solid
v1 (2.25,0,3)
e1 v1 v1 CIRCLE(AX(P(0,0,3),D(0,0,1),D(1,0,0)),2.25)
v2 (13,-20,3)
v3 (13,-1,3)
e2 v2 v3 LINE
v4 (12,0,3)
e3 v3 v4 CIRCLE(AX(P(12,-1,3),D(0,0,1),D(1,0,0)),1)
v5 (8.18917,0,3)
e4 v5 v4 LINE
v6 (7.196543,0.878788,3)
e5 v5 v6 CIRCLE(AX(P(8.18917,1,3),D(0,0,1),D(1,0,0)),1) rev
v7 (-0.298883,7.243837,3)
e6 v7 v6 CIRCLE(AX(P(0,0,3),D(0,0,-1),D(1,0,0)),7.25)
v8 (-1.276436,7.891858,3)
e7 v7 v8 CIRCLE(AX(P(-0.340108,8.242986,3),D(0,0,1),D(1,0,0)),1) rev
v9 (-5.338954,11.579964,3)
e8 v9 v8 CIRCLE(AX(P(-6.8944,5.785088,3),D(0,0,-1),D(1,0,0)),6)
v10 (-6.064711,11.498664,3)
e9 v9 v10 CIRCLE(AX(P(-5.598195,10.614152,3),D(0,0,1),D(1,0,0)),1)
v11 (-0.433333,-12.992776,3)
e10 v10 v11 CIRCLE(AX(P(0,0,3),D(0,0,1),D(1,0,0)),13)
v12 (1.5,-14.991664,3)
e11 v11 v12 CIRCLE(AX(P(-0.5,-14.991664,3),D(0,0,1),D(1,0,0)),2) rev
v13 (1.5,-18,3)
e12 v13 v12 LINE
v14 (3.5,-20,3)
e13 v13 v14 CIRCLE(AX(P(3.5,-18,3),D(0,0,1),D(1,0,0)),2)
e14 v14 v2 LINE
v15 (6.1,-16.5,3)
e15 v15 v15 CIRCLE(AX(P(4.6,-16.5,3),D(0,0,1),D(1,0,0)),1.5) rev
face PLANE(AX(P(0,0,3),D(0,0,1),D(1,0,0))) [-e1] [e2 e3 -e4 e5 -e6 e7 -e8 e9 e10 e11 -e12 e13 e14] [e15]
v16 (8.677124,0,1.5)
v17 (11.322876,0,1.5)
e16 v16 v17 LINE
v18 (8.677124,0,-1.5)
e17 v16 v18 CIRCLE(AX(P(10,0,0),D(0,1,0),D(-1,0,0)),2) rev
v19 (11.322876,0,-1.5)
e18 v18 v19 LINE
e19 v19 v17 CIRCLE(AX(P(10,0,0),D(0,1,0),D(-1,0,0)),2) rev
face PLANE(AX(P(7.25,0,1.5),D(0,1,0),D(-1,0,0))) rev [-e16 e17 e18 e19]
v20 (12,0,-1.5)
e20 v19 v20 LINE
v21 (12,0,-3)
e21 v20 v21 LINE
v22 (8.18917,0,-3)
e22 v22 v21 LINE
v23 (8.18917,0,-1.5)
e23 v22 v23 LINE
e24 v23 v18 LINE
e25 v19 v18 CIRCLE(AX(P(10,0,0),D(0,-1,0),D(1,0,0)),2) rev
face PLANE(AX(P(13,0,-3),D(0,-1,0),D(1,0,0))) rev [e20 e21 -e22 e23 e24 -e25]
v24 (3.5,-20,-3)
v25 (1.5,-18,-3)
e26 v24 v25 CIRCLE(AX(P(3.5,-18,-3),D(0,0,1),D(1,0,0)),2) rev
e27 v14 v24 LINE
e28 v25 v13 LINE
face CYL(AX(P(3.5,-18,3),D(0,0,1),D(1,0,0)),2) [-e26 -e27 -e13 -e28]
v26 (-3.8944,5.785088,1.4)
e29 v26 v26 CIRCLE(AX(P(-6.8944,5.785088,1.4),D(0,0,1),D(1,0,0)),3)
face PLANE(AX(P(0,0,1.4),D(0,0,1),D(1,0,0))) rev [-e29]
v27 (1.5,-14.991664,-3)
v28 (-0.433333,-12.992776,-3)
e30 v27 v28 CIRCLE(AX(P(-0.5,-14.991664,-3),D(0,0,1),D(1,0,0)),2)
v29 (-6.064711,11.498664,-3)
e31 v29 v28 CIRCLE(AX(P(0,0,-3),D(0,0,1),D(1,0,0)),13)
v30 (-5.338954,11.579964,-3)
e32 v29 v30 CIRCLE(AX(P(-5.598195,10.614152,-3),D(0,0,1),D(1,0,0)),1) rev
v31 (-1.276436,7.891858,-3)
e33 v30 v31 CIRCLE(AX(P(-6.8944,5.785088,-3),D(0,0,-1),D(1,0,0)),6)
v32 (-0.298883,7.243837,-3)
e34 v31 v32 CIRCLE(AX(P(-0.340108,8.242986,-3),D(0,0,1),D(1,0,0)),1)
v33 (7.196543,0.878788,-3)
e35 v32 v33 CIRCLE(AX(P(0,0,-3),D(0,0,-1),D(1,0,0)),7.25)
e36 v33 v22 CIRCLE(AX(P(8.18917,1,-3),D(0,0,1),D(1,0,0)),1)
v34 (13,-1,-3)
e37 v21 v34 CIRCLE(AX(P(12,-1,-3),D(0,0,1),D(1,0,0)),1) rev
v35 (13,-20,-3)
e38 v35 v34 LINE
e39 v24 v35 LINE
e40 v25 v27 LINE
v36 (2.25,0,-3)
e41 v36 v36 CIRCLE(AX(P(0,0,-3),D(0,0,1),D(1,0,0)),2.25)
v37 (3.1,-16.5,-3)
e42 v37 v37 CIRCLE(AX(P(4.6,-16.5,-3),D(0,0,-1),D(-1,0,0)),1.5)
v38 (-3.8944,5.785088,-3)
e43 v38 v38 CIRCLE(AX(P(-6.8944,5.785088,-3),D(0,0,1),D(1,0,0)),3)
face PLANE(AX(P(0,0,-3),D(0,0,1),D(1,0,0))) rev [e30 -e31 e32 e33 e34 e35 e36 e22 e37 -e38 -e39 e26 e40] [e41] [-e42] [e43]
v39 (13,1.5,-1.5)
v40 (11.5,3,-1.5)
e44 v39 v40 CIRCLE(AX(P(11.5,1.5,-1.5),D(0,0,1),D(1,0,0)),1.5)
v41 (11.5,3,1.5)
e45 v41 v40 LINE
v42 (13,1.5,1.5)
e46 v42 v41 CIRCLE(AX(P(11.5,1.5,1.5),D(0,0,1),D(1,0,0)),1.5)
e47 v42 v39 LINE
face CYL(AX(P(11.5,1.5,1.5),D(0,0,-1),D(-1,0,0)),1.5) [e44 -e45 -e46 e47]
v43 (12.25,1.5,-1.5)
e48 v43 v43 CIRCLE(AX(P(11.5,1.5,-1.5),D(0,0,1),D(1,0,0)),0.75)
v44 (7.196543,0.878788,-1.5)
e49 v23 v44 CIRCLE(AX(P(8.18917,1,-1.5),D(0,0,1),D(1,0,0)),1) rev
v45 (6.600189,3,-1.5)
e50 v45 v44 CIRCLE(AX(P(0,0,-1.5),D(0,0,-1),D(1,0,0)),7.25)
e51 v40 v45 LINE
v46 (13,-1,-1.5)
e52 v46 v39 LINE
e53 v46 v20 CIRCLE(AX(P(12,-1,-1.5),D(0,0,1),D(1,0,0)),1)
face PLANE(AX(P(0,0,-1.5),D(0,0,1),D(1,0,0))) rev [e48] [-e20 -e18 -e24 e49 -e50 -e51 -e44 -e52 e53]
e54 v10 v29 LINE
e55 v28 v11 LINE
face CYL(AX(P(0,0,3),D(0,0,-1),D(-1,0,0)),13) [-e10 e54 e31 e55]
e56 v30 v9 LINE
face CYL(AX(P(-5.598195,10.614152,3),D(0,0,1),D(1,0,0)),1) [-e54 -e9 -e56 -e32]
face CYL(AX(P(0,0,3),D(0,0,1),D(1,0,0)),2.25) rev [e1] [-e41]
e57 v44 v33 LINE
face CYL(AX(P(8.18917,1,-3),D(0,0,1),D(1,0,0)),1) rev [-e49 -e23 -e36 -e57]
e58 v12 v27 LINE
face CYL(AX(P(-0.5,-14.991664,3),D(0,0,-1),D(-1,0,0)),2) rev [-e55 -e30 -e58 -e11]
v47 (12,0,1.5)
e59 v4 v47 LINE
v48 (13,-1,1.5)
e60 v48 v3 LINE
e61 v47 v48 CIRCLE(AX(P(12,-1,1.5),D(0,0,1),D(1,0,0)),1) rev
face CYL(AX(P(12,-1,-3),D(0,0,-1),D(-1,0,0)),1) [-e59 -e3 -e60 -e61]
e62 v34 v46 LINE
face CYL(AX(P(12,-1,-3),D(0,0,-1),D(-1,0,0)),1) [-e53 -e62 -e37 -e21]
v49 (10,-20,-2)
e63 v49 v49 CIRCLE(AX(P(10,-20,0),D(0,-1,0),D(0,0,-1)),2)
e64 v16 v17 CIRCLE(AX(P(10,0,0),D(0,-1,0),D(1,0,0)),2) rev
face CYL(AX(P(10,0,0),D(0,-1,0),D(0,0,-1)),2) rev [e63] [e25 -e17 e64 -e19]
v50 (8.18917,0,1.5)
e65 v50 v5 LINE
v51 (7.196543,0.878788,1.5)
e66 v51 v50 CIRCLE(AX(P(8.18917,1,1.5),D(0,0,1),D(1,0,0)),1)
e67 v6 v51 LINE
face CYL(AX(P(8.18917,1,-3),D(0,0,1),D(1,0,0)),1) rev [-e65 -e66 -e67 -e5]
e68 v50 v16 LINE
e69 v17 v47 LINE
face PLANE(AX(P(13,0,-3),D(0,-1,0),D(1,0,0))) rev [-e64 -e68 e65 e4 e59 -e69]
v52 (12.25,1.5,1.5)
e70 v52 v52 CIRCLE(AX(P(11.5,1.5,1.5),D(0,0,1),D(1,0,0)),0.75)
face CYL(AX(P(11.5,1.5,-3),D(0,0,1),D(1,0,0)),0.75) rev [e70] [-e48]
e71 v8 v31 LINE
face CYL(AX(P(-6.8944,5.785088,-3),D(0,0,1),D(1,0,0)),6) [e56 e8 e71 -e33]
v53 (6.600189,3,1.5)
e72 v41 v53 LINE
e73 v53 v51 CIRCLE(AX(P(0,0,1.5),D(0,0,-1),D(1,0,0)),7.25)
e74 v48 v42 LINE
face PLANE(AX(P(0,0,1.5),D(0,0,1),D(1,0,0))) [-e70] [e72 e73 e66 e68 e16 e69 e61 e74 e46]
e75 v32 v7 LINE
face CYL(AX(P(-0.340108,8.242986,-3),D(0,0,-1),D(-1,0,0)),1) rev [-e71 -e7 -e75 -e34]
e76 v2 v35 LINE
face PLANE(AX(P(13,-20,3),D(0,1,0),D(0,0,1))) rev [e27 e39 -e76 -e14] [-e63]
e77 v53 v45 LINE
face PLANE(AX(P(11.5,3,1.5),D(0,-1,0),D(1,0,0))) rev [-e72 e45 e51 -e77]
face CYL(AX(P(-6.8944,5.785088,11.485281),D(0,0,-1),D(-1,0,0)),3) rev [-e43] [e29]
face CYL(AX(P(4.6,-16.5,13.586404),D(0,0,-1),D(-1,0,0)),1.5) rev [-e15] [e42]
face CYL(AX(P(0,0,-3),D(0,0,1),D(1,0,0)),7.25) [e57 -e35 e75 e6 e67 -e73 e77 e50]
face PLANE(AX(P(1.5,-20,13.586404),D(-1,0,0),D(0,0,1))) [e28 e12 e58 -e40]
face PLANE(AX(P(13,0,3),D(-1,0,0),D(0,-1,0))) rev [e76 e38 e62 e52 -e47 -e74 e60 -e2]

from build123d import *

# Parameters (mm, degrees)
BOSS_EXTRUDE1_DEPTH     = 3
M4_CLEARANCE_HOLE1_D    = 4.5
SKETCH5_R               = 2
CUT_EXTRUDE1_DEPTH      = 20
SKETCH8_R               = 3
CUT_EXTRUDE3_DEPTH      = 4.4
CUT_EXTRUDE4_DEPTH      = 25.596747752
BOSS_EXTRUDE2_DEPTH     = 1.5
FILLET1_R               = 1
CUT_EXTRUDE2_DEPTH      = 25.274472342
CUT_EXTRUDE2_DEPTH_BACK = 25.274472342
SKETCH7_R               = 0.75
BOSS_EXTRUDE3_START     = -6
SKETCH10_R              = 1.5
BOSS_EXTRUDE3_DEPTH     = 6
FILLET3_R               = 2


with BuildPart() as part:
    # Sketch2 → Boss-Extrude1 (new, symmetric)
    with BuildSketch(Plane.XY):
        with BuildLine():
            Line((13, 0), (13, -20))
            Line((13, -20), (7, -20))
            Line((7, -20), (7, -10.95445115))
            ThreePointArc((7, -10.95445115), (-11.401754251, 6.244997998), (13, 0))
        make_face()
    extrude(amount=BOSS_EXTRUDE1_DEPTH, both=True)

    # M4 Clearance Hole1 (through all)
    with Locations(Plane.XY.offset(3)):
        with Locations((0, 0)):
            Hole(M4_CLEARANCE_HOLE1_D / 2)

    # Sketch5 → Cut-Extrude1 (cut)
    with BuildSketch(Plane.XZ.offset(20)):
        with Locations(Location((10, 0, 0), (0, 0, 270))):
            Circle(SKETCH5_R)
    extrude(amount=-CUT_EXTRUDE1_DEPTH, mode=Mode.SUBTRACT)

    # Sketch8 → Cut-Extrude3 (cut)
    with BuildSketch(Plane.XY.offset(-3)):
        with Locations((-6.894399988, 5.785088487)):
            Circle(SKETCH8_R)
    extrude(amount=CUT_EXTRUDE3_DEPTH, mode=Mode.SUBTRACT)

    # Sketch9 → Cut-Extrude4 (cut, through all)
    with BuildSketch(Plane.XY.offset(3)):
        with BuildLine():
            Line((13, 0), (7.25, 0))
            ThreePointArc((7.25, 0), (4.738095767, 5.487526629), (-1.057020278, 7.172531501))
            ThreePointArc((-1.057020278, 7.172531501), (-2.732190546, 10.106663728), (-5.727165906, 11.670457176))
            ThreePointArc((-5.727165906, 11.670457176), (6.875567003, 11.03297686), (13, 0))
        make_face()
    extrude(amount=-CUT_EXTRUDE4_DEPTH, mode=Mode.SUBTRACT)

    # Sketch6 → Boss-Extrude2 (add, symmetric)
    with BuildSketch(Plane.XY):
        with BuildLine():
            Line((13, 1.5), (13, 0))
            Line((13, 0), (7.25, 0))
            ThreePointArc((7.25, 0), (7.085685326, 1.534784498), (6.600189391, 3))
            Line((6.600189391, 3), (11.5, 3))
            ThreePointArc((11.5, 3), (12.560660172, 2.560660172), (13, 1.5))
        make_face()
    extrude(amount=BOSS_EXTRUDE2_DEPTH, both=True)

    # Fillet1
    fillet1_edges = [part.edges().sort_by_distance(p)[0] for p in [
        (-5.727165906, 11.670457176, 0),
        (7.25, 0, -2.25),
        (-1.057020278, 7.172531501, 0),
        (7.25, 0, 2.25),
        (13, 0, -2.25),
        (13, 0, 2.25),
    ]]
    fillet(fillet1_edges, radius=FILLET1_R)

    # Sketch7 → Cut-Extrude2 (cut, two sides: drawn at the far end of the back side and taken through both)
    with BuildSketch(Plane.XY.offset(1.5).offset(-CUT_EXTRUDE2_DEPTH_BACK)):
        with Locations((11.5, 1.5)):
            Circle(SKETCH7_R)
    extrude(amount=CUT_EXTRUDE2_DEPTH + CUT_EXTRUDE2_DEPTH_BACK, mode=Mode.SUBTRACT)

    # Sketch10 → Boss-Extrude3 (add)
    with BuildSketch(Plane(origin=(0, 0, -3), x_dir=(-1, 0, 0), z_dir=(0, 0, -1)).offset(BOSS_EXTRUDE3_START)):
        with BuildLine():
            Line((-7, -10.95445115), (-7, -20))
            Line((-7, -20), (-1.5, -20))
            Line((-1.5, -20), (-1.5, -12.91317157))
            ThreePointArc((-1.5, -12.91317157), (-4.361381252, -12.246564971), (-7, -10.95445115))
        make_face()
        with Locations((-4.6, -16.5)):
            Circle(SKETCH10_R, mode=Mode.SUBTRACT)
    extrude(amount=BOSS_EXTRUDE3_DEPTH)

    # Fillet3
    fillet3_edges = [part.edges().sort_by_distance(p)[0] for p in [
        (1.5, -12.91317157, 0),
        (1.5, -20, 0),
    ]]
    fillet(fillet3_edges, radius=FILLET3_R)


solid = part.part
